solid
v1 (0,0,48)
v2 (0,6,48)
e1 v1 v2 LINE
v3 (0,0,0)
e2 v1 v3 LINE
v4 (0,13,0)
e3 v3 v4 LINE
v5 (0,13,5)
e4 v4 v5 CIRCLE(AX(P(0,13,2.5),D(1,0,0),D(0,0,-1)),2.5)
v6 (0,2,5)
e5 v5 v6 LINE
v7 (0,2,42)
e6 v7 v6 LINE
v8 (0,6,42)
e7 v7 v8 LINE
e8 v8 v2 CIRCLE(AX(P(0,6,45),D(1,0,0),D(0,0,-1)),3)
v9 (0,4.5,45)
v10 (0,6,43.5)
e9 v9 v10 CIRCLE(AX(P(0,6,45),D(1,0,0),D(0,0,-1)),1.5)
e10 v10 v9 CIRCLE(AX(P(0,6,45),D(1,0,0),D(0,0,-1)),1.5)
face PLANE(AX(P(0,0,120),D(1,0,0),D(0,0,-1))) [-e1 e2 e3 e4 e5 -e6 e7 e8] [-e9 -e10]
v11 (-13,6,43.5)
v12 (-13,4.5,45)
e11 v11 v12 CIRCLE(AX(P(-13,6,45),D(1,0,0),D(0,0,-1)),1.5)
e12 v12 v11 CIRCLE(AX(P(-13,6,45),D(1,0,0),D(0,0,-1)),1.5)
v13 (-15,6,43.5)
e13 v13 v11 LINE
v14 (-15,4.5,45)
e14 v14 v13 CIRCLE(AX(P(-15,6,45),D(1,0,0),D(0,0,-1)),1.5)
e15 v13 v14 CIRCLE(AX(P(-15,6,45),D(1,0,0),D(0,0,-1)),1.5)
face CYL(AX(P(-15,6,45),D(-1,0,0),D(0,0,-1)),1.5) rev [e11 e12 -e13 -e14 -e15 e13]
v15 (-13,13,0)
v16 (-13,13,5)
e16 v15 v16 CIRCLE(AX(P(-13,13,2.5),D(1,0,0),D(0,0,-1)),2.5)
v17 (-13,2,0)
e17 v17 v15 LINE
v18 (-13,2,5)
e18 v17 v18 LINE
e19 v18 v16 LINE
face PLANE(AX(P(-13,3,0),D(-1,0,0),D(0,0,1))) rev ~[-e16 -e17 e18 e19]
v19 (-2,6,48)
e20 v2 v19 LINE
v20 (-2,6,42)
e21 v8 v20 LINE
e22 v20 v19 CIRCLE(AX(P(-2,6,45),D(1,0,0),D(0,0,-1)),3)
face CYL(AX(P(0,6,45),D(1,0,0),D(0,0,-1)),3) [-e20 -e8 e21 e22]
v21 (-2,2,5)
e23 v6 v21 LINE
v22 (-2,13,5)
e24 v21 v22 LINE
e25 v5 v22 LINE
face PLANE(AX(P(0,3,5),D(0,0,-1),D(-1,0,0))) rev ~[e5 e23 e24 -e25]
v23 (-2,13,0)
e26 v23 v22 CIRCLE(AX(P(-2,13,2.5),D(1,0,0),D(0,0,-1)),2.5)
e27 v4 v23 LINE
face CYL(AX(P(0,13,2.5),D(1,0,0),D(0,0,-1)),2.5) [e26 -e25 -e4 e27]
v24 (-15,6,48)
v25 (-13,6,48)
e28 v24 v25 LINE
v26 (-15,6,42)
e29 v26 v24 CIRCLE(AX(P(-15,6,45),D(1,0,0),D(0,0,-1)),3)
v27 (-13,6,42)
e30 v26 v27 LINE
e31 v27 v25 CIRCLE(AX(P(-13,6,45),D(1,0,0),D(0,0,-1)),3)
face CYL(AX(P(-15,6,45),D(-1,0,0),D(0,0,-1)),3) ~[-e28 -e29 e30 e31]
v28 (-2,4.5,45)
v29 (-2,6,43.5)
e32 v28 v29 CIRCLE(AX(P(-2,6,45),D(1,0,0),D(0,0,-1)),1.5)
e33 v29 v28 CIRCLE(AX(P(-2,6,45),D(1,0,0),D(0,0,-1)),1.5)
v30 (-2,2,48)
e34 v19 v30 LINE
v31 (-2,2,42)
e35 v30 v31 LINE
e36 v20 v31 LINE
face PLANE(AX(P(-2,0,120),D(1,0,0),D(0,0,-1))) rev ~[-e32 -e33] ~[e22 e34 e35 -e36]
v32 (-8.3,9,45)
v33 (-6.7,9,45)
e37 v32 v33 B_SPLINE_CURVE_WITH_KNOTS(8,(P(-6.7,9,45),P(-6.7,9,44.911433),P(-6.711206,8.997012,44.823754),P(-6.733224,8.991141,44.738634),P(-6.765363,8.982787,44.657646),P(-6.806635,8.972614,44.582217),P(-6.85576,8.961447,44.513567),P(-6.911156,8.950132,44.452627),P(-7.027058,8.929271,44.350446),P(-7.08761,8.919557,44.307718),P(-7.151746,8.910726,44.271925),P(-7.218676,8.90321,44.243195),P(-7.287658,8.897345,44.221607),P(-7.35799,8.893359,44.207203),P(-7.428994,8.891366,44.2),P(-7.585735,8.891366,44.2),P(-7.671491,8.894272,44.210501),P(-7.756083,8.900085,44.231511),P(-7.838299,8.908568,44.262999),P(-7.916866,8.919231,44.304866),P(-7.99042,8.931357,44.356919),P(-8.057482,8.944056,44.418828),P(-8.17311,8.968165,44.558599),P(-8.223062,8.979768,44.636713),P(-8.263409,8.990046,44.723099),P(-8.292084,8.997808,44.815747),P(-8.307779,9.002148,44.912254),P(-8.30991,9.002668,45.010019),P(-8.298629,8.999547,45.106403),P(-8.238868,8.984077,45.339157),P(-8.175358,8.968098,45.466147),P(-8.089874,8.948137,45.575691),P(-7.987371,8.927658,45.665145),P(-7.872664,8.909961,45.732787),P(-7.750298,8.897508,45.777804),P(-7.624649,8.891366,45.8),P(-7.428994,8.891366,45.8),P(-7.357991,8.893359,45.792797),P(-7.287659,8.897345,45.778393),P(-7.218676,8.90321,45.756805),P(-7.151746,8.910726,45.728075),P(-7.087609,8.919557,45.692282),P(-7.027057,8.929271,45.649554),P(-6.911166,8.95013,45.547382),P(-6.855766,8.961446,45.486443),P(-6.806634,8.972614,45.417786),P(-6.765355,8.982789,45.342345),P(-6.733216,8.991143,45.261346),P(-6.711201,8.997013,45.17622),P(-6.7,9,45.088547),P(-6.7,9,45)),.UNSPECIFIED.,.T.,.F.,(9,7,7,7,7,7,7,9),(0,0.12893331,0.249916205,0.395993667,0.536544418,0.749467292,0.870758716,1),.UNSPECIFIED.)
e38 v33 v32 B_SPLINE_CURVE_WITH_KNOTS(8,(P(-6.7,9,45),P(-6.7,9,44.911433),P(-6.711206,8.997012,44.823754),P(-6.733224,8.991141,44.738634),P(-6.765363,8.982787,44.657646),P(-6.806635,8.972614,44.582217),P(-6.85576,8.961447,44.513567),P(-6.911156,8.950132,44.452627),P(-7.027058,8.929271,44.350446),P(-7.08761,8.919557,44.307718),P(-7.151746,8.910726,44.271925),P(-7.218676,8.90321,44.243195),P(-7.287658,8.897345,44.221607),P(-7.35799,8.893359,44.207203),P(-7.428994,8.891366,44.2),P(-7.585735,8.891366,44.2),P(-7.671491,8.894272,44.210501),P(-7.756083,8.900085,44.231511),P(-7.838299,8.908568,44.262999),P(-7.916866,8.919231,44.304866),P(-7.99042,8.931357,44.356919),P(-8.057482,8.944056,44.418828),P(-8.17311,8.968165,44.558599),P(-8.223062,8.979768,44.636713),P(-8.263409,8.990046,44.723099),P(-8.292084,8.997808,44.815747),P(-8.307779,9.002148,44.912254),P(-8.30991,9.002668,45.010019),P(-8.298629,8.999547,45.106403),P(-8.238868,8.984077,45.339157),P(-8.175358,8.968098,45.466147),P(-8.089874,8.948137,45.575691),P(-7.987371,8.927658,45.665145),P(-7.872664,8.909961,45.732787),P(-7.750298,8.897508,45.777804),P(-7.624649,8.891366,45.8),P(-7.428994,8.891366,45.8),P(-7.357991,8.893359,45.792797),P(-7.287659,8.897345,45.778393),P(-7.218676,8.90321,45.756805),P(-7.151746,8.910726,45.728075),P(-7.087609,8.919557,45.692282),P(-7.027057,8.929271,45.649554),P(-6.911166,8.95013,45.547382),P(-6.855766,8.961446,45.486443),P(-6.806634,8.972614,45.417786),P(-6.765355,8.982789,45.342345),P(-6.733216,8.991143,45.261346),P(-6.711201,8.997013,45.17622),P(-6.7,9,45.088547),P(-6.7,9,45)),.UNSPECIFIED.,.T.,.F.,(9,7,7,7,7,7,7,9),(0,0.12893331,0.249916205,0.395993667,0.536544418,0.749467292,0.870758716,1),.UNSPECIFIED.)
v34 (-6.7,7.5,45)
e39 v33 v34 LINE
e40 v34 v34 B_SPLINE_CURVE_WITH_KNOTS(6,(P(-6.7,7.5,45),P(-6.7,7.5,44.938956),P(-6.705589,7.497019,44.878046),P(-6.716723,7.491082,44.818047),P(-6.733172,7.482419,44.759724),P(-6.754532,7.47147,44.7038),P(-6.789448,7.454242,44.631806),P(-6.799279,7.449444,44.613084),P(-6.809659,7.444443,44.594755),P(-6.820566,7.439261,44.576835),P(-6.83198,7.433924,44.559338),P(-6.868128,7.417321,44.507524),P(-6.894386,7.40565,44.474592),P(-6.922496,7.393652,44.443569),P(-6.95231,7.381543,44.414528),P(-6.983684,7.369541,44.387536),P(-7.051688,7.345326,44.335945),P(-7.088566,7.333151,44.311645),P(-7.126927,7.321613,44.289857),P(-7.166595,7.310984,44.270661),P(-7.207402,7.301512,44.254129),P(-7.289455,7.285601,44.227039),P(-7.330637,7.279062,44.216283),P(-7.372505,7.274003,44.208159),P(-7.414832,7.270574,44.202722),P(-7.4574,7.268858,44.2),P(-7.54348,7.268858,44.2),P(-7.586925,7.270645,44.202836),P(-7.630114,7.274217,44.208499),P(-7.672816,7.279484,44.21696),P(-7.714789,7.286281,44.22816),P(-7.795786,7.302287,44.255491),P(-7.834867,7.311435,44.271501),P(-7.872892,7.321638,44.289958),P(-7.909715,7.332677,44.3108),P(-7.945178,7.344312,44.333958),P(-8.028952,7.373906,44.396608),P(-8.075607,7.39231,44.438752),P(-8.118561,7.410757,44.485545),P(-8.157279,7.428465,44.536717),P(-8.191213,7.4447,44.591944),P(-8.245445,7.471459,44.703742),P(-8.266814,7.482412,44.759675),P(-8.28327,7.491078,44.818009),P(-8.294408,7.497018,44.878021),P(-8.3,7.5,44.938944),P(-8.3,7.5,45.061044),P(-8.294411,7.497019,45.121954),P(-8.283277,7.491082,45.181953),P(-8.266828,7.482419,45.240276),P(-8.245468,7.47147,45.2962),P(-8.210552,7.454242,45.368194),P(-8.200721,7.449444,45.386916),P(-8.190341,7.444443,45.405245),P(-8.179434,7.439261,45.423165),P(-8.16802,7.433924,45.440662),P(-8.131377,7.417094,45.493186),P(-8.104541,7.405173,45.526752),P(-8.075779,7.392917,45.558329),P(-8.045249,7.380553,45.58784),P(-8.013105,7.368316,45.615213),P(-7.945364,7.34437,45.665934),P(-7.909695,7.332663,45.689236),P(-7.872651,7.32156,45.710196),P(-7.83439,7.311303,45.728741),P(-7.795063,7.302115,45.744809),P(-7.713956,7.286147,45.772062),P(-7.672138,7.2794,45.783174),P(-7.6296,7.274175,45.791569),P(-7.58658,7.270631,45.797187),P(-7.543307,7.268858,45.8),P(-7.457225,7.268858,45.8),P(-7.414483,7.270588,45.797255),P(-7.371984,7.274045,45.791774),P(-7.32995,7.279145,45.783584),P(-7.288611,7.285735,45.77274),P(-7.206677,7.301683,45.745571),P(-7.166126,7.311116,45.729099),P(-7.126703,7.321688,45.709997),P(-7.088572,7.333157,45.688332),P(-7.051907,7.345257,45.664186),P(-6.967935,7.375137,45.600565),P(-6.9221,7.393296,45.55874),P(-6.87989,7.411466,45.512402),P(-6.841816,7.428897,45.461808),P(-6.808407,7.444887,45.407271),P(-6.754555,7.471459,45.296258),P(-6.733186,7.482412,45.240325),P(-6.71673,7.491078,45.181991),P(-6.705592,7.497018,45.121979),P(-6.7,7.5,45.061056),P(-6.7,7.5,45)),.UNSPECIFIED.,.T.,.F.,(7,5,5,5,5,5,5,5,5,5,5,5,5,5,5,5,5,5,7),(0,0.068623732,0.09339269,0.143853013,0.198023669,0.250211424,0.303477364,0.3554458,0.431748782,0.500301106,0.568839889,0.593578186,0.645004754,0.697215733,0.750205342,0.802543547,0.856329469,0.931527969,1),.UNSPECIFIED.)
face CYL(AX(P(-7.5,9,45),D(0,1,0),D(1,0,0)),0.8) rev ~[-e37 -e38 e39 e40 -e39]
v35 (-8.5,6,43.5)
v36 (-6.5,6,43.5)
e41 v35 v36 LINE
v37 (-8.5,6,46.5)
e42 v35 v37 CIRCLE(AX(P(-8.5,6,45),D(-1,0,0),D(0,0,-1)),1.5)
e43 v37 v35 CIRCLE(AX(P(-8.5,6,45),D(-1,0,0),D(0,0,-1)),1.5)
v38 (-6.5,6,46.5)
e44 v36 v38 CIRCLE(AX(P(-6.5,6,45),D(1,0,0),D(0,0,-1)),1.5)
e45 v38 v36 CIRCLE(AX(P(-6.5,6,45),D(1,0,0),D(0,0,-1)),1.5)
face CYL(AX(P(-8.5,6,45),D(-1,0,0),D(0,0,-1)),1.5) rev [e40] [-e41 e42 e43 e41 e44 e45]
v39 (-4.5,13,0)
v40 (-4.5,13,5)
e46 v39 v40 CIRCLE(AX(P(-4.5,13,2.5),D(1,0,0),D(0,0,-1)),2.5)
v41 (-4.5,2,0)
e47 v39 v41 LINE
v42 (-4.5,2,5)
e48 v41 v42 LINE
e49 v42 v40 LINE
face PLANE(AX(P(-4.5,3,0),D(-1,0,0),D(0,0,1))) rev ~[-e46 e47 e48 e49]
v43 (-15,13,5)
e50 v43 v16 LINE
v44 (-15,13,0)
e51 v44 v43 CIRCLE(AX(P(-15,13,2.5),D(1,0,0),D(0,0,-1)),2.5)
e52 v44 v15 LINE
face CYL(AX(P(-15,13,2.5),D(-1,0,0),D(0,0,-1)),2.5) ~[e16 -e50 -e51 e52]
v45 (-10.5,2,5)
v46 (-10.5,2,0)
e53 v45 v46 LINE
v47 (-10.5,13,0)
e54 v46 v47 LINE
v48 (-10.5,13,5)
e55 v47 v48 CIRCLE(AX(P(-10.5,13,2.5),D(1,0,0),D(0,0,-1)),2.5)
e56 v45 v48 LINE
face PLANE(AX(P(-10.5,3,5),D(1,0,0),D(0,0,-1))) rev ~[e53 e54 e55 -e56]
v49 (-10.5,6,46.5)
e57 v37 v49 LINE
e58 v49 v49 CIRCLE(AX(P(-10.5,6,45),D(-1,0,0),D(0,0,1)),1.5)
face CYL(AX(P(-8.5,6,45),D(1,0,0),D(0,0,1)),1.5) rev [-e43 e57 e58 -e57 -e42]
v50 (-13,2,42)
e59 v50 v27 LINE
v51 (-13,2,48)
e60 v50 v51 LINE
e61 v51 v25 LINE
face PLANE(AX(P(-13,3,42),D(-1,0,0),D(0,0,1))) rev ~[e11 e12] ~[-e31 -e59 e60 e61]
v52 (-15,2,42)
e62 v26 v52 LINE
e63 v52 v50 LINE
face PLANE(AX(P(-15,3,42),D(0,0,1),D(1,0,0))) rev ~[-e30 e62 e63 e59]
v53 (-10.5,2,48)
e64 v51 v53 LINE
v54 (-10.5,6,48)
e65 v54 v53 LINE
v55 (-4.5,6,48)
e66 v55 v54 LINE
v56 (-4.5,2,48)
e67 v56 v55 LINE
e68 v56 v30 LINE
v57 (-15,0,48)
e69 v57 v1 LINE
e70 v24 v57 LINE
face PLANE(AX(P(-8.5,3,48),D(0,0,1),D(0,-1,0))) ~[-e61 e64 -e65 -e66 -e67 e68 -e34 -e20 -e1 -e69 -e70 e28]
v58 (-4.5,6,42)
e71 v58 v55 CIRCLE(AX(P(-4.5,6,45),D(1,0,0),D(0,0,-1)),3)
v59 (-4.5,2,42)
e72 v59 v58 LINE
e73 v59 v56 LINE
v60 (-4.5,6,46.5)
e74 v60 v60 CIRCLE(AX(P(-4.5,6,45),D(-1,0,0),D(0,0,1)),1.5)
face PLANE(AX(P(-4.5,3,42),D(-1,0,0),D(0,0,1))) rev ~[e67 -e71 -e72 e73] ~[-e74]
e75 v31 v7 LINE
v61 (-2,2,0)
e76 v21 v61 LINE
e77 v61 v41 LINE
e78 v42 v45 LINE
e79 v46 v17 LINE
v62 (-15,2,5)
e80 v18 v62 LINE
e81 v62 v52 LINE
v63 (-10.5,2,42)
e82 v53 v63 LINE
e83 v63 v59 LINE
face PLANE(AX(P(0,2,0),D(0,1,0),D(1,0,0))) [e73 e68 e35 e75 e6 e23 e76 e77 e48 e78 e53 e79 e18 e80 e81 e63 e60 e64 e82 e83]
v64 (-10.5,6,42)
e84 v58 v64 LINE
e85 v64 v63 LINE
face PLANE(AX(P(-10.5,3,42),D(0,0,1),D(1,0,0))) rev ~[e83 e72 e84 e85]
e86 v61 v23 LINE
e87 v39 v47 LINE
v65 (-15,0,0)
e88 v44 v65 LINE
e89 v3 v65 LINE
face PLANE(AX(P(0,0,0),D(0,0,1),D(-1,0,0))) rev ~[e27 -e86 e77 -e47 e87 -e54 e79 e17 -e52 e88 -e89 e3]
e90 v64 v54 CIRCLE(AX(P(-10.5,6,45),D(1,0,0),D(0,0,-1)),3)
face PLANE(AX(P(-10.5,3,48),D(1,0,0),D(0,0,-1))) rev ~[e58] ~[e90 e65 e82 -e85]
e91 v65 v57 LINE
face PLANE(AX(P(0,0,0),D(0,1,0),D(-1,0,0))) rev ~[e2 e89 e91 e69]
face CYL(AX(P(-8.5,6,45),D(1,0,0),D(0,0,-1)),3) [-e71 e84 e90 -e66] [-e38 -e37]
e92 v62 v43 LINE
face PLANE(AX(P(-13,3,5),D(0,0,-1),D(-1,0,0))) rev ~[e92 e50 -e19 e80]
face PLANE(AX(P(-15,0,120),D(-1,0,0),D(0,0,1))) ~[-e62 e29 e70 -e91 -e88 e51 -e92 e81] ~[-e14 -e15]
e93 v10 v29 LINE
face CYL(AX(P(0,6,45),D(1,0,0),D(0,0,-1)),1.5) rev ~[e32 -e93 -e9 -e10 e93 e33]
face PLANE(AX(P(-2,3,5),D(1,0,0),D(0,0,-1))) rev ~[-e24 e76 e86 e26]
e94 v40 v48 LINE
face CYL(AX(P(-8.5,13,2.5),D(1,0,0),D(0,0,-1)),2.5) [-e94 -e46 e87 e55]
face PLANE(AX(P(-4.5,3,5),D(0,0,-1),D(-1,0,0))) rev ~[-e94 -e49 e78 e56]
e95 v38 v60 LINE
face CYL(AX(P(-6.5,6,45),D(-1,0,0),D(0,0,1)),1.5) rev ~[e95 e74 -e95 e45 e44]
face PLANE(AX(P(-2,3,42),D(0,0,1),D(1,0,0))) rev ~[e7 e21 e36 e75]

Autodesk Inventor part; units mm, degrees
sketch "Sketch1" plane through (0, 0, 0) normal (0, 1, 0) x (-1, 0, 0)
  line L0 (0, 0) -> (15, 0)
  line L1 (15, 0) -> (15, 120)
  line L2 (15, 120) -> (0, 120)
  line L3 (0, 120) -> (0, 0)
  dimension "d0" = 15
  dimension "d1" = 120
extrude "Extrusion1" add sketch "Sketch1" along normal blind 3
sketch "Sketch3" plane through (0, 0, 120) normal (1, 0, 0) x (0, 0, -1)
  line L0 (120, 0) -> (115, 0)
  line L1 (0, 0) -> (120, 0) projected
  line L2 (115, 0) -> (115, 3)
  line L3 (0, 3) -> (120, 3) projected
  line L4 (115, 3) -> (115, 13)
  line L5 (120, 13) -> (120, 3)
  line L6 (120, 3) -> (115, 3)
  arc A0 (120, 13) -> (115, 13) centre (117.5, 13) ccw
  dimension "d4" = 5
  dimension "d5" = 10
extrude "Extrusion2" add sketch "Sketch3" against normal blind 2
ref_plane "Work Plane1" through (-7.5, 0, 0) normal (1, 0, 0) x (0, 1, 0)
mirror "Mirror1" about plane through (-7.5, 0, 0) normal (1, 0, 0) of "Extrusion2"
ref_plane "Work Plane2" through (-4.25, 0, 0) normal (1, 0, 0) x (0, 1, 0)
mirror "Mirror2" about plane through (-4.25, 0, 0) normal (1, 0, 0) of "Extrusion2"
sketch "Sketch6" plane through (-6.5, 3, 0) normal (1, 0, 0) x (0, 0, -1)
  line L0 (0, 0) -> (-5, 0)
  line L1 (-5, 0) -> (-5, 10)
  line L2 (-5, 0) -> (-5, 10) projected
  line L3 (-5, 10) -> (-5, 0)
  arc A0 (0, 10) -> (-5, 10) centre (-2.5, 10) ccw projected
  arc A1 (0, 10) -> (-5, 10) centre (-2.5, 10) ccw
  line L4 (0, 10) -> (0, 0) projected
  line L5 (0, 10) -> (0, 0)
  point P0 (0, -3)
extrude "Extrusion3" add sketch "Sketch6" along normal blind 2
mirror "Mirror3" about plane through (-7.5, 0, 0) normal (1, 0, 0) of "Extrusion3"
sketch "Sketch9" plane through (0, 0, 120) normal (1, 0, 0) x (0, 0, -1)
  line L0 (120, 0) -> (75, 0)
  line L1 (120, 0) -> (0, 0) projected
  line L2 (75, 0) -> (75, 3)
  line L3 (0, 3) -> (115, 3) projected
  line L4 (75, 3) -> (72, 3)
  line L5 (75, 3) -> (78, 3)
  line L6 (75, 3) -> (75, 6)
  circle A0 centre (75, 6) radius 1.5
  line L7 (72, 3) -> (72, 6)
  line L8 (78, 3) -> (78, 6)
  arc A1 (78, 6) -> (72, 6) centre (75, 6) ccw
  dimension "d16" = 45
  dimension "d17" = 3
  dimension "d18" = 3
  dimension "d20" = 3
extrude "Extrusion4" add sketch "Sketch9" against normal blind 2
mirror "Mirror4" about plane through (-7.5, 0, 0) normal (1, 0, 0) of "Extrusion4"
mirror "Mirror5" about plane through (-4.25, 0, 0) normal (1, 0, 0) of "Extrusion4"
sketch "Sketch10" plane through (-6.5, 3, 42) normal (1, 0, 0) x (0, 0, -1)
  line L0 (-6, 0) -> (0, 0)
  line L1 (0, 0) -> (-6, 0) projected
  line L2 (0, 0) -> (0, 3)
  arc A0 (0, 3) -> (-6, 3) centre (-3, 3) ccw projected
  arc A1 (0, 3) -> (-6, 3) centre (-3, 3) ccw
  line L3 (-6, 0) -> (-6, 3)
  line L4 (-6, 0) -> (-6, 3) projected
  point P0 (42, -3)
extrude "Extrusion5" add sketch "Sketch10" along normal blind 2
sketch "Sketch11" plane through (-6.5, 6, 45) normal (-1, 0, 0) x (0, 0, 1)
  circle A0 centre (0, 0) radius 1.5
  point P0 (-45, -6)
extrude "Extrusion6" cut sketch "Sketch11" against normal blind 2
mirror "Mirror6" about plane through (-7.5, 0, 0) normal (1, 0, 0) of "Extrusion5", "Extrusion6"
sketch "Sketch12" plane through (0, 3, 0) normal (0, 1, 0) x (1, 0, 0)
  line L0 (0, -120) -> (-15, -120)
  line L1 (-15, -120) -> (-15, -48)
  line L2 (-15, -48) -> (0, -48)
  line L3 (0, -48) -> (0, -120)
  point P0 (0, 0)
extrude "Extrusion7" cut sketch "Sketch12" against normal blind 3
sketch "Sketch13" plane through (0, 3, 0) normal (0, 1, 0) x (1, 0, 0)
  line L0 (-15, -5) -> (-15, -42)
  line L1 (-15, -42) -> (-13, -42)
  line L2 (-15, -42) -> (-13, -42) projected
  line L3 (-13, -42) -> (-13, -48)
  line L4 (-13, -42) -> (-13, -48) projected
  line L5 (-13, -48) -> (-10.5, -48)
  line L6 (-10.5, -48) -> (-10.5, -42)
  line L7 (-10.5, -48) -> (-10.5, -42) projected
  line L8 (-10.5, -42) -> (-4.5, -42)
  line L9 (-10.5, -42) -> (-4.5, -42) projected
  line L10 (-4.5, -42) -> (-4.5, -48)
  line L11 (-4.5, -48) -> (-2, -48)
  line L12 (-4.5, -48) -> (-2, -48) projected
  line L13 (-2, -48) -> (-2, -42)
  line L14 (-2, -48) -> (-2, -42) projected
  line L15 (-2, -42) -> (0, -42)
  line L16 (0, -42) -> (0, -5)
  line L17 (0, -5) -> (-2, -5)
  line L18 (-2, -5) -> (-2, 0)
  line L19 (-2, 0) -> (-4.5, 0)
  line L20 (-4.5, 0) -> (-4.5, -5)
  line L21 (-4.5, -5) -> (-10.5, -5)
  line L22 (-4.5, -5) -> (-10.5, -5) projected
  line L23 (-10.5, -5) -> (-10.5, 0)
  line L24 (-10.5, 0) -> (-13, 0)
  line L25 (-10.5, 0) -> (-13, 0) projected
  line L26 (-13, 0) -> (-13, -5)
  line L27 (-13, -5) -> (-15, -5)
  line L28 (-13, -5) -> (-15, -5) projected
  line L29 (-15, -5) -> (-15, -42)
  line L30 (-15, 0) -> (-15, -48) projected
  point P0 (0, 0)
extrude "Extrusion8" cut sketch "Sketch13" against normal blind 1
ref_plane "Work Plane3" through (0, 9, 0) normal (0, 1, 0) x (1, 0, 0)
sketch "Sketch15" plane through (0, 9, 0) normal (0, 1, 0) x (1, 0, 0)
  line L0 (-4.5, -48) -> (-4.5, -42) projected
  line L1 (-4.5, -45) -> (-10.5, -45)
  line L2 (-10.5, -48) -> (-10.5, -42) projected
  circle A0 centre (-7.5, -45) radius 0.8
  point P0 (0, 0)
  dimension "d32" = 1.6
extrude "Extrusion9" cut sketch "Sketch15" against normal blind 3
properties part number "armholder"
